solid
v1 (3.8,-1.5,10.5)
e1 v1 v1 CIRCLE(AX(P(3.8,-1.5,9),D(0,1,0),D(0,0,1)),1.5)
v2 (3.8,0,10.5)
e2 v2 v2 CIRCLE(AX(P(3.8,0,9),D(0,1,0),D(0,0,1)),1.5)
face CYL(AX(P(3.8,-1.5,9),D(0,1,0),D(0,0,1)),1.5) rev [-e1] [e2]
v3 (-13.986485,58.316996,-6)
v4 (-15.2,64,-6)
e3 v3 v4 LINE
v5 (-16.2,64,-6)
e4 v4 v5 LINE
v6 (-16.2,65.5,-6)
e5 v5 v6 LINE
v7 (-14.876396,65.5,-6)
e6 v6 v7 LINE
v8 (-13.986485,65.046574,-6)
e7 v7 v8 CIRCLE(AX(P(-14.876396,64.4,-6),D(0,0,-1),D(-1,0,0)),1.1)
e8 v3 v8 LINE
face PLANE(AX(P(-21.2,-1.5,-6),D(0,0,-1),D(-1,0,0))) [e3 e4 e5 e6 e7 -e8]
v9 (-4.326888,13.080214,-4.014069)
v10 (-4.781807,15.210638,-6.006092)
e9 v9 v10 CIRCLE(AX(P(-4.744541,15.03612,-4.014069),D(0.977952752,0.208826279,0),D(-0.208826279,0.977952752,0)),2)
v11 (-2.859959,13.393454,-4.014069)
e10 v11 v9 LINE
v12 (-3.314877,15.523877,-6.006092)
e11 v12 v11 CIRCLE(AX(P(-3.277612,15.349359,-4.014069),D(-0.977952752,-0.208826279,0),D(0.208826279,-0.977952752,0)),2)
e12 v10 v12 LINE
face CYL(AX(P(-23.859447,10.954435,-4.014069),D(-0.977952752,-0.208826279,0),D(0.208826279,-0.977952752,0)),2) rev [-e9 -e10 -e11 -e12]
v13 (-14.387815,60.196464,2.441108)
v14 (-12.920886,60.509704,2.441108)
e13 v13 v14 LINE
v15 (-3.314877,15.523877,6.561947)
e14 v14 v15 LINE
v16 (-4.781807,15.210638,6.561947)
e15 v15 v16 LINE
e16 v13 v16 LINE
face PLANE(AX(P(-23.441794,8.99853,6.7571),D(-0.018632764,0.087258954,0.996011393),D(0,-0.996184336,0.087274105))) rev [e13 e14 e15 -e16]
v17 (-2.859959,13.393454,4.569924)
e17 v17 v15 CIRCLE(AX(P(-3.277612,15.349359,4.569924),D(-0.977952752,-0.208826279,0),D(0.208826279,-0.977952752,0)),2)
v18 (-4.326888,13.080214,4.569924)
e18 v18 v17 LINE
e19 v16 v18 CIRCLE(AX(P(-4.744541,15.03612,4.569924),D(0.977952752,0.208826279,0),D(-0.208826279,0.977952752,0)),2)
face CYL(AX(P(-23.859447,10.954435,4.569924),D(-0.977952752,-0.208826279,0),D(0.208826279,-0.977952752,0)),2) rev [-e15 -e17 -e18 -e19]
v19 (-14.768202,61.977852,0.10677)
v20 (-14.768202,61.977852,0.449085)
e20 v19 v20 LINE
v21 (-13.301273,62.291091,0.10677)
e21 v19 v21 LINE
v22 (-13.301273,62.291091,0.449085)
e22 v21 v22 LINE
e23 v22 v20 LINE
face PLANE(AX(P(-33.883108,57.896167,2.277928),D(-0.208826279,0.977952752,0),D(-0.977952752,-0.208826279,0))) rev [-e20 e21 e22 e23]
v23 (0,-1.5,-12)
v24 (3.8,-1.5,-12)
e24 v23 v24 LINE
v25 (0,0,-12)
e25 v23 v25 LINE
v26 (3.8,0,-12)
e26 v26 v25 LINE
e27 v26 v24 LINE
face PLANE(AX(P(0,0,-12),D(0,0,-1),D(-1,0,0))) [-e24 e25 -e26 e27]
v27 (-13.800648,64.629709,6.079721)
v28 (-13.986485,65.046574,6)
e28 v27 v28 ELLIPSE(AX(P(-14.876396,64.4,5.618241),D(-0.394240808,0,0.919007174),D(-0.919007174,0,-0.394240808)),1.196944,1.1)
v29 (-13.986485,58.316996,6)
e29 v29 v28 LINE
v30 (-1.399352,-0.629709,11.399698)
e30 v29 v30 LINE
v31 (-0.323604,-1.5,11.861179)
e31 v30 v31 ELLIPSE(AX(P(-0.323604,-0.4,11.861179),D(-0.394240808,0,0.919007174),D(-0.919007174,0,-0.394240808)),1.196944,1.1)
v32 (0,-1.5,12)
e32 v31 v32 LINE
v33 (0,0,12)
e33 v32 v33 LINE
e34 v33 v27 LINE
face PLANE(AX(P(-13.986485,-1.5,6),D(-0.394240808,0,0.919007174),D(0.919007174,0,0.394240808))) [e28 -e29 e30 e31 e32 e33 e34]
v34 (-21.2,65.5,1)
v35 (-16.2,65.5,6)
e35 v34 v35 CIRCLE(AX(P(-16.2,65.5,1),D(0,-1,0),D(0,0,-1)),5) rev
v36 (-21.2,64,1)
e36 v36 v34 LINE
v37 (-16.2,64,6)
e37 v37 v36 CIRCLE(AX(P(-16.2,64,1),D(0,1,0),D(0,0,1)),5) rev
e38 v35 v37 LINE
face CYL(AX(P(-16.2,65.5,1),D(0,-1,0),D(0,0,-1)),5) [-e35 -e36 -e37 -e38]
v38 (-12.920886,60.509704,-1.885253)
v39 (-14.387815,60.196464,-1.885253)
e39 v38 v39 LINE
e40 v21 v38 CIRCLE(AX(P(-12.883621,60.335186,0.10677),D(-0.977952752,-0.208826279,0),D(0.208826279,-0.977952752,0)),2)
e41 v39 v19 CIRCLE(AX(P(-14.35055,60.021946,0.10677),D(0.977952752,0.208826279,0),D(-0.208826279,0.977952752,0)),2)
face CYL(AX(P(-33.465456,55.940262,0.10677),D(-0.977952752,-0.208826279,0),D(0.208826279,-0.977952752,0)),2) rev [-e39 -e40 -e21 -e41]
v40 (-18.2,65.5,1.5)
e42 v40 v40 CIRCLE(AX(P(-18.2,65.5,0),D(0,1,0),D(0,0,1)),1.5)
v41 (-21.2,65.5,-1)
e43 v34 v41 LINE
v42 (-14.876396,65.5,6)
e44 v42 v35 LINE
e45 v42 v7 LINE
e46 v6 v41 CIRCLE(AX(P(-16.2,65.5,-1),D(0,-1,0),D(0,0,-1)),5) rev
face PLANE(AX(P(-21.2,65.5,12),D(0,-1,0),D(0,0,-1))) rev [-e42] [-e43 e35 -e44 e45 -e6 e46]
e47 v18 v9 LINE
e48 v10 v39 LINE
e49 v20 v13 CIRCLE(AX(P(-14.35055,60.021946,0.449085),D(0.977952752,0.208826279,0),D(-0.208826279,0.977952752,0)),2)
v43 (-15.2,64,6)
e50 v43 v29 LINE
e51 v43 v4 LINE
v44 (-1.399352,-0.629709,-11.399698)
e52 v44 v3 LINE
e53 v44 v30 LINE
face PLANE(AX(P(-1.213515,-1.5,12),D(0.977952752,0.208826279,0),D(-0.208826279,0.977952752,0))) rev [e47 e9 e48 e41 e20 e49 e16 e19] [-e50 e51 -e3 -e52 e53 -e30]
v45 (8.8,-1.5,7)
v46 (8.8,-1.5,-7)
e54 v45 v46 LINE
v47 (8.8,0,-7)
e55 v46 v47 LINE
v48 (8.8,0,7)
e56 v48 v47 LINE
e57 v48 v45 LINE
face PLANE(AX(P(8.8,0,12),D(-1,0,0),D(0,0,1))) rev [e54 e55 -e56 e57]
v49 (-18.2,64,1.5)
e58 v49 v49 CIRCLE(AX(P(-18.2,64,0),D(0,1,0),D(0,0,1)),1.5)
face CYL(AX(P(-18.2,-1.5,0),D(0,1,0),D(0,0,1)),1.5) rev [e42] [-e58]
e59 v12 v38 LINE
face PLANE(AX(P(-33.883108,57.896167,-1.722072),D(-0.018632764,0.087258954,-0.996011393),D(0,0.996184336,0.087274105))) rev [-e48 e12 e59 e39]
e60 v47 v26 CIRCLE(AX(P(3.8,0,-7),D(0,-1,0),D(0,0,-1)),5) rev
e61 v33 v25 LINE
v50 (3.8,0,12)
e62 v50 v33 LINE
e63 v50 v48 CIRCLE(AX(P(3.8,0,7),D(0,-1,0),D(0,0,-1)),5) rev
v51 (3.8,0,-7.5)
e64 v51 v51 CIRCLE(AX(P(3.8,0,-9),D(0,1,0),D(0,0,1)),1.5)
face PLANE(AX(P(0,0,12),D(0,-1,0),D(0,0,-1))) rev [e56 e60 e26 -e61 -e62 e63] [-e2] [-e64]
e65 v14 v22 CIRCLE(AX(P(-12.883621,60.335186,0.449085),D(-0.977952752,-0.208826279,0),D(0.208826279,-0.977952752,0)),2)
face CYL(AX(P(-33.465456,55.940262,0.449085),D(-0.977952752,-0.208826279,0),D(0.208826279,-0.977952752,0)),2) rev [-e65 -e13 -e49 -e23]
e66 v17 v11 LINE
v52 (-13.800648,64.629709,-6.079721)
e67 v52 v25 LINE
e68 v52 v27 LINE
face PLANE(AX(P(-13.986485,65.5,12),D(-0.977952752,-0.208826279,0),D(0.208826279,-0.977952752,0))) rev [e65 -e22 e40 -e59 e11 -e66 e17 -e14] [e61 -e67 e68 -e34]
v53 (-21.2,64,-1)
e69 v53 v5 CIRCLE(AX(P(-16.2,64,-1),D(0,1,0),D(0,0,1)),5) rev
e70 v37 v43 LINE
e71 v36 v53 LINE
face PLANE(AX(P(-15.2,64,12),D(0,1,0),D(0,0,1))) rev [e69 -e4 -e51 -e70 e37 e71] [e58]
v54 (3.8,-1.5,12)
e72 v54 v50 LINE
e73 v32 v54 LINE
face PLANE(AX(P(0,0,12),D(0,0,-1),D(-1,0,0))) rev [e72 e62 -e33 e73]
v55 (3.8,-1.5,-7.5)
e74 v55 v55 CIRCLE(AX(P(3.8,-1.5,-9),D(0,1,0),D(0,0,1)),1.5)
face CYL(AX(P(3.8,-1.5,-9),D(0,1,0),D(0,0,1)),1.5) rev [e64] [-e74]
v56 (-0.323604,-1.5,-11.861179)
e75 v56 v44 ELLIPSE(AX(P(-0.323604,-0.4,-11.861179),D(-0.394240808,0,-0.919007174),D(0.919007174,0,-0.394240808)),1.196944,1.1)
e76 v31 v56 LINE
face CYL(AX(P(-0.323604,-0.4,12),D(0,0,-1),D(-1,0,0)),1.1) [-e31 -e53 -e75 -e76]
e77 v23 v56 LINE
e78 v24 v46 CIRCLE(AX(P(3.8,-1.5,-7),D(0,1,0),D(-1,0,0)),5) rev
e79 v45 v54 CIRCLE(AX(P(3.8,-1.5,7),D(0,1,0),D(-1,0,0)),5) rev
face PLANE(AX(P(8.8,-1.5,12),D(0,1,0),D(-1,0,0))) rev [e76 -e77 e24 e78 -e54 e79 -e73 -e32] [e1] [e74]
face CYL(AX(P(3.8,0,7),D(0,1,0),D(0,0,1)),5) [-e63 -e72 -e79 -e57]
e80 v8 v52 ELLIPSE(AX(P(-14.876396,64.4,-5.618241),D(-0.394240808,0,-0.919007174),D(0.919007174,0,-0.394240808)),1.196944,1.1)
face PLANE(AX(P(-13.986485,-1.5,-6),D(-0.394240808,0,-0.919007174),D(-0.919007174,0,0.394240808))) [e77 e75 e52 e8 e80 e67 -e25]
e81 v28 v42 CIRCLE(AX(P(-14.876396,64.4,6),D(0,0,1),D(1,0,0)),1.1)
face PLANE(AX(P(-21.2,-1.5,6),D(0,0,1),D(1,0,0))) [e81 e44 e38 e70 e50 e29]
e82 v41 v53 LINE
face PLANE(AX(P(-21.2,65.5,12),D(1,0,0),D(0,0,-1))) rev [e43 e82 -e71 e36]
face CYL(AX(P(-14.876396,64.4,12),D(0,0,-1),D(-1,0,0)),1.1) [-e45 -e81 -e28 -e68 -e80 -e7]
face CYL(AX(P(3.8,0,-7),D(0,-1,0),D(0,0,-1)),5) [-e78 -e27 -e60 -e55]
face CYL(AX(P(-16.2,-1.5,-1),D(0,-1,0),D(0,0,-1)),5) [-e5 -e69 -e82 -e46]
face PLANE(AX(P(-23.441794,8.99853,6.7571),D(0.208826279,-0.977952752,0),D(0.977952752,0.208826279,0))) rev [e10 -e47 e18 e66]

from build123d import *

# Parameters (mm, degrees)
BOSS_EXTRUDE1_DEPTH = 12
SKETCH3_R           = 1.5
CUT_EXTRUDE1_DEPTH  = 70.883402894
SKETCH4_R           = 1.5
CUT_EXTRUDE3_DEPTH  = 72.291233683
SKETCH6_OUTSIDE_W   = 47.446
SKETCH6_OUTSIDE_H   = 41.446
CUT_EXTRUDE4_DEPTH  = 95.687327558
FILLET1_R           = 5
FILLET2_R           = 5
FILLET3_R           = 5
FILLET4_R           = 1.1
FILLET5_R           = 1.1
CUT_EXTRUDE5_DEPTH  = 70.883402894
FILLET6_R           = 2
FILLET7_R           = 2
FILLET8_R           = 2
FILLET9_R           = 2


with BuildPart() as part:
    # Sketch2 → Boss-Extrude1 (new, symmetric)
    with BuildSketch(Plane.XY):
        Polygon((-13.986484746, 65.5), (0, 0), (8.8, 0), (8.8, -1.5), (-1.213515254, -1.5), (-15.2, 64), (-21.2, 64), (-21.2, 65.5), align=None)
    extrude(amount=BOSS_EXTRUDE1_DEPTH, both=True)

    # Sketch3 → Cut-Extrude1 (cut, through all)
    with BuildSketch(Plane(origin=(0, 0, 0), x_dir=(1, 0, 0), z_dir=(0, 1, 0))):
        with Locations(Location((3.8, 9, 0), (0, 0, 270))):
            Circle(SKETCH3_R)
        with Locations(Location((3.8, -9, 0), (0, 0, 270))):
            Circle(SKETCH3_R)
    extrude(amount=-CUT_EXTRUDE1_DEPTH, mode=Mode.SUBTRACT)

    # Sketch4 → Cut-Extrude3 (cut, through all)
    with BuildSketch(Plane(origin=(0, 65.5, 0), x_dir=(1, 0, 0), z_dir=(0, 1, 0))):
        with Locations(Location((-18.2, 0, 0), (0, 0, 270))):
            Circle(SKETCH4_R)
    extrude(amount=-CUT_EXTRUDE3_DEPTH, mode=Mode.SUBTRACT)

    # Sketch6 outside → Cut-Extrude4 (cut, through all)
    with BuildSketch(Plane(origin=(0, 90, 0), x_dir=(1, 0, 0), z_dir=(0, 1, 0))):
        with Locations((-6.2, 0)):
            Rectangle(SKETCH6_OUTSIDE_W, SKETCH6_OUTSIDE_H)
        Polygon((-21.2, 6), (-13.986484746, 6), (0, 12), (8.8, 12), (8.8, -12), (0, -12), (-13.986484746, -6), (-21.2, -6), align=None, mode=Mode.SUBTRACT)
    extrude(amount=-CUT_EXTRUDE4_DEPTH, mode=Mode.SUBTRACT)

    # Fillet1
    fillet1_edges = [part.edges().sort_by_distance(p)[0] for p in [
        (8.8, -0.75, 12),
    ]]
    fillet(fillet1_edges, radius=FILLET1_R)

    # Fillet2
    fillet2_edges = [part.edges().sort_by_distance(p)[0] for p in [
        (8.8, -0.75, -12),
    ]]
    fillet(fillet2_edges, radius=FILLET2_R)

    # Fillet3
    fillet3_edges = [part.edges().sort_by_distance(p)[0] for p in [
        (-21.2, 64.75, 6),
        (-21.2, 64.75, -6),
    ]]
    fillet(fillet3_edges, radius=FILLET3_R)

    # Fillet4
    fillet4_edges = [part.edges().sort_by_distance(p)[0] for p in [
        (-1.213515254, -1.5, 0),
    ]]
    fillet(fillet4_edges, radius=FILLET4_R)

    # Fillet5
    fillet5_edges = [part.edges().sort_by_distance(p)[0] for p in [
        (-13.986484746, 65.5, 0),
    ]]
    fillet(fillet5_edges, radius=FILLET5_R)

    # Sketch7 → Cut-Extrude5 (cut, through all)
    with BuildSketch(Plane(origin=(0, 0, 0), x_dir=(0, 0, -1), z_dir=(0.9779527521078789, 0.20882627862562123, 0))):
        Polygon((-6.757100422, 13.69539962), (6.201245399, 13.69539962), (1.722072489, 63.69539962), (-2.277927511, 63.69539962), align=None)
    extrude(amount=-CUT_EXTRUDE5_DEPTH, mode=Mode.SUBTRACT)

    # Fillet6
    fillet6_edges = [part.edges().sort_by_distance(p)[0] for p in [
        (-14.034737832, 62.134471646, -1.722072489),
    ]]
    fillet(fillet6_edges, radius=FILLET6_R)

    # Fillet7
    fillet7_edges = [part.edges().sort_by_distance(p)[0] for p in [
        (-14.034737832, 62.134471646, 2.277927511),
    ]]
    fillet(fillet7_edges, radius=FILLET7_R)

    # Fillet8
    fillet8_edges = [part.edges().sort_by_distance(p)[0] for p in [
        (-3.593423901, 13.236834041, -6.201245399),
    ]]
    fillet(fillet8_edges, radius=FILLET8_R)

    # Fillet9
    fillet9_edges = [part.edges().sort_by_distance(p)[0] for p in [
        (-3.593423901, 13.236834041, 6.757100422),
    ]]
    fillet(fillet9_edges, radius=FILLET9_R)


solid = part.part
